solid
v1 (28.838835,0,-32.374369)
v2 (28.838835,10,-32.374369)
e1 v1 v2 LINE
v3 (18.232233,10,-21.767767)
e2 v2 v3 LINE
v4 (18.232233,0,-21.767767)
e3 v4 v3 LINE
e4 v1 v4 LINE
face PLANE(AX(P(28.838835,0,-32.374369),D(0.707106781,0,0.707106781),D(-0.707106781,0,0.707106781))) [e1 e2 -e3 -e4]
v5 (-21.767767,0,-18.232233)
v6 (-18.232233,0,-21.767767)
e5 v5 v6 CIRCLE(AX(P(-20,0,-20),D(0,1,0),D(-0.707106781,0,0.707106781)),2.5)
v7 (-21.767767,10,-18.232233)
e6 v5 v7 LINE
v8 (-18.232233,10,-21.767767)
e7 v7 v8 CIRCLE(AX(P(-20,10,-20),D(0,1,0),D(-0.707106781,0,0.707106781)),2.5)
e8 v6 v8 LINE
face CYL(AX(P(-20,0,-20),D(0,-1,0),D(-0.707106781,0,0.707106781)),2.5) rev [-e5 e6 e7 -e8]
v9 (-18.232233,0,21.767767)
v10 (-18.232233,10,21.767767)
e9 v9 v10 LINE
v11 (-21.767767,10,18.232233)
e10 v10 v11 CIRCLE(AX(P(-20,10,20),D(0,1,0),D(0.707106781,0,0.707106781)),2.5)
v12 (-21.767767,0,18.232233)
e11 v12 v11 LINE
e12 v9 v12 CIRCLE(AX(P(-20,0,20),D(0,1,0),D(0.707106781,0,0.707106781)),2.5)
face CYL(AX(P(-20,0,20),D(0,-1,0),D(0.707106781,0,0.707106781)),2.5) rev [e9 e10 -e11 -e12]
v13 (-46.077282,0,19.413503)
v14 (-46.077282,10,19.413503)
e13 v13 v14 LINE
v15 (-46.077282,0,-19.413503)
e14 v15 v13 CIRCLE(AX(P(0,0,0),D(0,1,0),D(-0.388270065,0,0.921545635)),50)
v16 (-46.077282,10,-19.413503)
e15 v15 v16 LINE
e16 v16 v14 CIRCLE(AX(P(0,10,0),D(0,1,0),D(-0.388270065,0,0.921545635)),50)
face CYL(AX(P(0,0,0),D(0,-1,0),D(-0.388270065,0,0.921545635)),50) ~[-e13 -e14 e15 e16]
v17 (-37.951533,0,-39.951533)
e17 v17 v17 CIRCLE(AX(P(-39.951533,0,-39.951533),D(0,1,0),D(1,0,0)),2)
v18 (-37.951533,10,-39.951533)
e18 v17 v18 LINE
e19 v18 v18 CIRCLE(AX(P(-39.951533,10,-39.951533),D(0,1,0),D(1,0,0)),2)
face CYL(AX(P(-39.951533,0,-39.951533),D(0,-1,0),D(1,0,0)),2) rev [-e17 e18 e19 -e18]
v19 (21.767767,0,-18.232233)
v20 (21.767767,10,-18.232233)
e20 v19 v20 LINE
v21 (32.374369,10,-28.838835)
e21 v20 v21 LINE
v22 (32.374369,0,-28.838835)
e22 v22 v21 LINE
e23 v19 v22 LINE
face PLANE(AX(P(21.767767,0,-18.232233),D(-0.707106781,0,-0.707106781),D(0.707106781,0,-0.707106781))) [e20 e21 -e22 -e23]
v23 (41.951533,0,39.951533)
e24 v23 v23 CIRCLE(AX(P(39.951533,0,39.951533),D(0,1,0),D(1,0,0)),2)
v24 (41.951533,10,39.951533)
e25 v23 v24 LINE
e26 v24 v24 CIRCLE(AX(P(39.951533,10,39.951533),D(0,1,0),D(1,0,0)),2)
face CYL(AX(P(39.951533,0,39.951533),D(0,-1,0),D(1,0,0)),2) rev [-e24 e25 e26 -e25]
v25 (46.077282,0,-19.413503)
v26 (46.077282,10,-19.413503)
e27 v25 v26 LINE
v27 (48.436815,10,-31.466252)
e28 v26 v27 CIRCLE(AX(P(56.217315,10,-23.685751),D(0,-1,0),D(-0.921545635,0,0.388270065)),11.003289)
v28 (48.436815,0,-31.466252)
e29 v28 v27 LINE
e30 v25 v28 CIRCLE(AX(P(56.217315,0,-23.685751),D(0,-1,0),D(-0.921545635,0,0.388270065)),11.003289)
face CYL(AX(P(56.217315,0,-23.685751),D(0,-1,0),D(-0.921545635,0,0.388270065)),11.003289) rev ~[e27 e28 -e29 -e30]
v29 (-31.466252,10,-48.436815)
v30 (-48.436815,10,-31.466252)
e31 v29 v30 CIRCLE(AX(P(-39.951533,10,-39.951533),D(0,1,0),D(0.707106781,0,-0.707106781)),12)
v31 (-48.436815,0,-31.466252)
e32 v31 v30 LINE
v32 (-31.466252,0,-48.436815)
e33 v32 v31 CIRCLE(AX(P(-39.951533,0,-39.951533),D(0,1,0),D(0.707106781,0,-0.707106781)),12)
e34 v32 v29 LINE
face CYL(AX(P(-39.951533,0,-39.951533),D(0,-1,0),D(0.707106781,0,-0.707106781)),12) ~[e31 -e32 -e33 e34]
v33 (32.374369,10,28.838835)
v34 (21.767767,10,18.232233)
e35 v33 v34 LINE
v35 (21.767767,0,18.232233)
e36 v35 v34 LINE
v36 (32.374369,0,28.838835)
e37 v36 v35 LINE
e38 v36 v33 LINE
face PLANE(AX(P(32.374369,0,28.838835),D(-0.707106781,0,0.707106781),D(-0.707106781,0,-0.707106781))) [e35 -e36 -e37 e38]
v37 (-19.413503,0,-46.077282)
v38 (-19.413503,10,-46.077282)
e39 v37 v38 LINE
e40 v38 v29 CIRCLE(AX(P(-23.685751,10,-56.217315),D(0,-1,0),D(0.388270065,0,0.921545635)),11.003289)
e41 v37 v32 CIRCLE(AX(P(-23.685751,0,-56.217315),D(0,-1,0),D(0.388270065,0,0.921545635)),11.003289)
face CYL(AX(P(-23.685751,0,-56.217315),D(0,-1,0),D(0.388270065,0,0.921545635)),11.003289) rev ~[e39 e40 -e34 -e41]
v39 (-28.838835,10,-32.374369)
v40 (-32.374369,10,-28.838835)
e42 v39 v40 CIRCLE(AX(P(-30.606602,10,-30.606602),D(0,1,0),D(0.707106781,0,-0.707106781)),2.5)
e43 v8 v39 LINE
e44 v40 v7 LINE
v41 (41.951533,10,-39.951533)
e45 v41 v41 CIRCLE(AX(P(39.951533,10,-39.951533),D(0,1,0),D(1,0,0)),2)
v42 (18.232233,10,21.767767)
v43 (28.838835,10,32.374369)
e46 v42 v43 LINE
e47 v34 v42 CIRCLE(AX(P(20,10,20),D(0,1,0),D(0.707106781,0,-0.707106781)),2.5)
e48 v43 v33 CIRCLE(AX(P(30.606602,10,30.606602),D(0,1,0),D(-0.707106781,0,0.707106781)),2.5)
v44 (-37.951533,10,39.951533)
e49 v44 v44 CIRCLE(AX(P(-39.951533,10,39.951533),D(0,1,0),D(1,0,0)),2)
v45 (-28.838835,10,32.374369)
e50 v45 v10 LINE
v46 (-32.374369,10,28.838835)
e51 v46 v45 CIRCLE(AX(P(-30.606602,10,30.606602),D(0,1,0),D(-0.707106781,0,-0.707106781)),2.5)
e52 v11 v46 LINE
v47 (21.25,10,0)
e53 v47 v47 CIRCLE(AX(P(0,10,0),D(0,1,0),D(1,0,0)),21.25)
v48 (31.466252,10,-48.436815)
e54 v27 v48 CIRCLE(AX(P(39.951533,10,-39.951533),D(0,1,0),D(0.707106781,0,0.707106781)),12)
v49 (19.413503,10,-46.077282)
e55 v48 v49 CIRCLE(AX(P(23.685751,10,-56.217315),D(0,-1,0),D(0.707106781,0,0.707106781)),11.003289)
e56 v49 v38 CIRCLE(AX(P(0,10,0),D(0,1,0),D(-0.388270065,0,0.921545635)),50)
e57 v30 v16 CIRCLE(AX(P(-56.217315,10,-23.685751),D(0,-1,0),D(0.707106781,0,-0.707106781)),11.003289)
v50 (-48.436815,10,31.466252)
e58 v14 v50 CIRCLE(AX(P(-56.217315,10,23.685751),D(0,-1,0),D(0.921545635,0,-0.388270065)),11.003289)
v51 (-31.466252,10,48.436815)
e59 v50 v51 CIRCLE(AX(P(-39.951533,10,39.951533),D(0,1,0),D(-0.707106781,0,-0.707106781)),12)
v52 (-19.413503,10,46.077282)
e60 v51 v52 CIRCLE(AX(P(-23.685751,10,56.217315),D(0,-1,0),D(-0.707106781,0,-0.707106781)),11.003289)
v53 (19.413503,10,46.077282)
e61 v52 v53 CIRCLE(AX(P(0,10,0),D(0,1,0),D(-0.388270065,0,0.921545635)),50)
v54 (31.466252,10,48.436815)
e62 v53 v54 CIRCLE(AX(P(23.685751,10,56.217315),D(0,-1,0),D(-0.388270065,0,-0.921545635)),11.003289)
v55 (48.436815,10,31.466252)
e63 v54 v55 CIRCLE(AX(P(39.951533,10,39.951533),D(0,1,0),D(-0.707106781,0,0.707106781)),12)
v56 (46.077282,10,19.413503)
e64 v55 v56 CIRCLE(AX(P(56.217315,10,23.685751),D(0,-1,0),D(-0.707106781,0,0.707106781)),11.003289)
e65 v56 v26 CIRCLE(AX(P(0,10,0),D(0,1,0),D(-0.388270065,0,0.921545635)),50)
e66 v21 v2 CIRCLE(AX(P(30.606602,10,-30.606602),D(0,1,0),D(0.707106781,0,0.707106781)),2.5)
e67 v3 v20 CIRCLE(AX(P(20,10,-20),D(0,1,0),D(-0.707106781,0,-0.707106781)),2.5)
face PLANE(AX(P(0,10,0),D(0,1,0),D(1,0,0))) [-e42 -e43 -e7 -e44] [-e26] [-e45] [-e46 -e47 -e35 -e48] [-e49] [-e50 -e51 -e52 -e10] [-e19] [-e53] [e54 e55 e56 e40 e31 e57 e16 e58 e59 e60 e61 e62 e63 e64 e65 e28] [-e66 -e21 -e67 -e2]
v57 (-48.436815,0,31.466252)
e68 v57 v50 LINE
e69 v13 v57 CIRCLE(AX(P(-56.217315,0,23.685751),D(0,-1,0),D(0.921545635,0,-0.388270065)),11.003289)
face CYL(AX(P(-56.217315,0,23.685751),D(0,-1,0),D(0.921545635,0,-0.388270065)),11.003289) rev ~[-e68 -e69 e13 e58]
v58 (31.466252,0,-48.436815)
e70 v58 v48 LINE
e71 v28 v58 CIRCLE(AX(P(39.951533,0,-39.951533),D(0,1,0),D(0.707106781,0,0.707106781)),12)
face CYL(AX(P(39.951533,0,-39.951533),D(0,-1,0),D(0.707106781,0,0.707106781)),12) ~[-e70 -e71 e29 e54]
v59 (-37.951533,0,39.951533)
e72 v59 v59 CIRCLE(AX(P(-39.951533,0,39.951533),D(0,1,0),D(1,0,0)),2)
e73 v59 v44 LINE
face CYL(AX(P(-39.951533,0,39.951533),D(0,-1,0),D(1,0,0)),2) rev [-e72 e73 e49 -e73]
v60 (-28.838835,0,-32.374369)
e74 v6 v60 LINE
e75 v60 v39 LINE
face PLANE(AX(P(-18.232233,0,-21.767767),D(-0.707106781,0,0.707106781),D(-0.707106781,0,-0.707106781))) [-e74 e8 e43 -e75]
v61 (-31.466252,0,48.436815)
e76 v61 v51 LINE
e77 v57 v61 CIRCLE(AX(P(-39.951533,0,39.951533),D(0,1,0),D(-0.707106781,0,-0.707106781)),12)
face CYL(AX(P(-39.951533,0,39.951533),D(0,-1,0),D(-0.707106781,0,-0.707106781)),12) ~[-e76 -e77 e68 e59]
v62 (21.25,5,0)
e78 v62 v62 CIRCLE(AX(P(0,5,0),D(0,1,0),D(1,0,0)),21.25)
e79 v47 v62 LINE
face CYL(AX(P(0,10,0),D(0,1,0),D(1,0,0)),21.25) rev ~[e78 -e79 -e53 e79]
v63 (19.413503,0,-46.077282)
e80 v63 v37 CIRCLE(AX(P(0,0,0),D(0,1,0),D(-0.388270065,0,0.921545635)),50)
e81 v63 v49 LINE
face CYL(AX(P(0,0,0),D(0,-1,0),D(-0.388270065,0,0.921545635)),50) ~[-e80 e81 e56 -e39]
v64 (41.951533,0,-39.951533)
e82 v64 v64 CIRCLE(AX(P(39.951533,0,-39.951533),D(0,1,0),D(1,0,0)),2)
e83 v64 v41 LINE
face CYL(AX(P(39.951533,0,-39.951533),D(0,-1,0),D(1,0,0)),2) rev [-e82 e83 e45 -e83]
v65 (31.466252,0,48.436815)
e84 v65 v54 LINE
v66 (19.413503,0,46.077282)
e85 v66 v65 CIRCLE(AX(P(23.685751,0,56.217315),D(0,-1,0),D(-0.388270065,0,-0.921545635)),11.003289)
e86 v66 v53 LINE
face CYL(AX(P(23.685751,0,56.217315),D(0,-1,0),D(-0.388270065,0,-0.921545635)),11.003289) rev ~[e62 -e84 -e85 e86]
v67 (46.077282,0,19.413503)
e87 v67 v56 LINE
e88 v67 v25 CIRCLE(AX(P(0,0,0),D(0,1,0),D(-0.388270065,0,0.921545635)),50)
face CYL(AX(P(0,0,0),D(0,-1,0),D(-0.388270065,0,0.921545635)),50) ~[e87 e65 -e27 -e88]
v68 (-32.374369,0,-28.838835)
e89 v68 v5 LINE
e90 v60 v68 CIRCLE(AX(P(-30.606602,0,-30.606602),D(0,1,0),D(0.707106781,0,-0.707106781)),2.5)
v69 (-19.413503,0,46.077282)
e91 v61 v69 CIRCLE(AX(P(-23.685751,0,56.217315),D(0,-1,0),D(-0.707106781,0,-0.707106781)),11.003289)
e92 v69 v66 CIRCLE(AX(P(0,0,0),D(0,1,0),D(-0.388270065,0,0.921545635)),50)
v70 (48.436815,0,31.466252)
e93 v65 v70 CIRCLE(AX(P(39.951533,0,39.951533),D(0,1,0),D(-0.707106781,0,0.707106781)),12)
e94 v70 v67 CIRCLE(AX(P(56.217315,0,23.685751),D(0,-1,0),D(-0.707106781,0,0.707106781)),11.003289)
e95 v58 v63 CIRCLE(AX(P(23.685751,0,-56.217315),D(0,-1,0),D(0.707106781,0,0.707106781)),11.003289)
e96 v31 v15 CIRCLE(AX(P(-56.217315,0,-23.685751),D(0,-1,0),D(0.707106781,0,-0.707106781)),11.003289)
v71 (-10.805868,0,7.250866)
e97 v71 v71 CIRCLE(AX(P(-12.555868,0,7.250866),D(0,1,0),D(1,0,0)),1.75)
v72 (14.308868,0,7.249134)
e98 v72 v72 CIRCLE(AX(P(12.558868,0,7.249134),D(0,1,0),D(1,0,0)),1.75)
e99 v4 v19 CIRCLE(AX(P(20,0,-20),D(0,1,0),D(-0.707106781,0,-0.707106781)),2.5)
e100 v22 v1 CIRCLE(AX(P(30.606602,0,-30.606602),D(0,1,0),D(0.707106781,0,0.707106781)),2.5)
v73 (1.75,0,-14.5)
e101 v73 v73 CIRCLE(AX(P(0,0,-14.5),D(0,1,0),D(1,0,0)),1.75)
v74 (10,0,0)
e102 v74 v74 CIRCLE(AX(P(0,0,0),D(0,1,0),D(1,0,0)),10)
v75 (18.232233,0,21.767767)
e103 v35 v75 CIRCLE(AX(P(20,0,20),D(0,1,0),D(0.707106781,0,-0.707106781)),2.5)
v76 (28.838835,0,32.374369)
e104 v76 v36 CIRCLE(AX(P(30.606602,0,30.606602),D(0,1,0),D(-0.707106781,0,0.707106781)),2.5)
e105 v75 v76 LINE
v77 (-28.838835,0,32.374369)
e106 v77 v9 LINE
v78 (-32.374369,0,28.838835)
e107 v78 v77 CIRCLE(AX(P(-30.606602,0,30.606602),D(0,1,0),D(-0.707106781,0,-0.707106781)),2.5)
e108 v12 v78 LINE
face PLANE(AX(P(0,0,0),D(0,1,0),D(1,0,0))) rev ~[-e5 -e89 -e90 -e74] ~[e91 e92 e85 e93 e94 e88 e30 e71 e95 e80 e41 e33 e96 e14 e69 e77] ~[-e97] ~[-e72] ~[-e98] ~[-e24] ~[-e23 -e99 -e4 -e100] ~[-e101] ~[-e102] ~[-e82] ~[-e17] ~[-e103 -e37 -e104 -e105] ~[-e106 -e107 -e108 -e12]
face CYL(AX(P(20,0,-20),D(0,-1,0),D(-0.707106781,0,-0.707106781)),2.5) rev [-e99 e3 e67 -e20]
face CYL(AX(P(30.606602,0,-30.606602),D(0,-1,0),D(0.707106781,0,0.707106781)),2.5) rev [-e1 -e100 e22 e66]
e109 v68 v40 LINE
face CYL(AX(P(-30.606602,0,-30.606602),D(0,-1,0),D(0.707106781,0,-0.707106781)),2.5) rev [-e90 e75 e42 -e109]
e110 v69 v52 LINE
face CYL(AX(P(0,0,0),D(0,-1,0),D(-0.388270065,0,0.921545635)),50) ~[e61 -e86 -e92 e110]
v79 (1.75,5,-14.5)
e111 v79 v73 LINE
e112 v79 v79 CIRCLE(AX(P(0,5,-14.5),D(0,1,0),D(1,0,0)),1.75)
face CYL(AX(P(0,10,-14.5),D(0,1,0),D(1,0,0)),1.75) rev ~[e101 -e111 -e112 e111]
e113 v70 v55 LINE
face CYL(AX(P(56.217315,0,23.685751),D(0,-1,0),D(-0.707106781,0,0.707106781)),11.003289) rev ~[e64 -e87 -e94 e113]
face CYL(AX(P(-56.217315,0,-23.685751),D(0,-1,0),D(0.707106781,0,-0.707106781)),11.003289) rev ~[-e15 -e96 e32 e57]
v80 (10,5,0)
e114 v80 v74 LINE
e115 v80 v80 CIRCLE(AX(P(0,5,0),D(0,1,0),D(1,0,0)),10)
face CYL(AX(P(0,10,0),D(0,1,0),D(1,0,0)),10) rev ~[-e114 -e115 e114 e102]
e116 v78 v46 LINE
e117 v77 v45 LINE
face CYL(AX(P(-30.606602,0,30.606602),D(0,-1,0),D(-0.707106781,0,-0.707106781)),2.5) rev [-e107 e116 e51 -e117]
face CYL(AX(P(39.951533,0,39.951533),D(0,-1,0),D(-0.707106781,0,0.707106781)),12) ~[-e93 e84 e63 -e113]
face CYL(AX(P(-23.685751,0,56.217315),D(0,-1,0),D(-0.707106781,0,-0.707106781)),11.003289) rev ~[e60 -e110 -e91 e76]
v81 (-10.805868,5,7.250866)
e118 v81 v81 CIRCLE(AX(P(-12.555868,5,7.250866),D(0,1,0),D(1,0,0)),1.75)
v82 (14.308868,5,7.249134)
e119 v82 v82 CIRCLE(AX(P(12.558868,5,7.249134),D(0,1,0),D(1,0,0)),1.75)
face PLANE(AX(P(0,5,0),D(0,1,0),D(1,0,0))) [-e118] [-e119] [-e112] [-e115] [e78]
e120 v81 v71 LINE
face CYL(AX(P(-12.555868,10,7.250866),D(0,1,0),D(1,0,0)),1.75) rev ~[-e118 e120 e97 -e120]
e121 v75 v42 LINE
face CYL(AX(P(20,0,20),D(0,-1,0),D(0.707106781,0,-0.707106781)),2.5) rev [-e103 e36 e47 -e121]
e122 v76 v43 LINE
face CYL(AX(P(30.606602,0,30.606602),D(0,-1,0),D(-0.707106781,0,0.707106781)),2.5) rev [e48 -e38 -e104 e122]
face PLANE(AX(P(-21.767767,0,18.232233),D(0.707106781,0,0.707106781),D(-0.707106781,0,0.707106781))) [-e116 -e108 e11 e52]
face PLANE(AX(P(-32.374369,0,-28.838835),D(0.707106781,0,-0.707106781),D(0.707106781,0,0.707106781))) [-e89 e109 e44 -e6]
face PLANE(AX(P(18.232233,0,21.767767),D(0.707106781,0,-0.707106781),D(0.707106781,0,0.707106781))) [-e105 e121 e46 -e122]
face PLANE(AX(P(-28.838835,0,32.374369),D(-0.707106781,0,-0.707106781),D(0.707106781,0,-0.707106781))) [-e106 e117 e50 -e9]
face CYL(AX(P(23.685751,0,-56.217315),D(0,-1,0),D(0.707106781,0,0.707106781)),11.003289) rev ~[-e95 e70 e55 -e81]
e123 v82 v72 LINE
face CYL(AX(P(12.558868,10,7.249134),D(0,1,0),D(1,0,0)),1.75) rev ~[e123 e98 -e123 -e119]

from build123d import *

# Parameters (mm, degrees)
SZKIC1_R                    = 50
SZKIC1_R_2                  = 2
DODANIE_WYCI_GNI_CIE1_DEPTH = 10
SZKIC3_R                    = 21.25
WYTNIJ_WYCI_GNI_CIE4_DEPTH  = 5
SZKIC3_5_R                  = 1.75
SZKIC3_5_R_2                = 10
WYTNIJ_WYCI_GNI_CIE5_DEPTH  = 11


with BuildPart() as part:
    # Szkic1 → Dodanie-wyci_gni_cie1 (new body)
    with BuildSketch(Plane(origin=(0, 0, 0), x_dir=(1, 0, 0), z_dir=(0, 1, 0))):
        Circle(SZKIC1_R)
        with BuildLine():
            ThreePointArc((-28.838834765, 32.374368671), (-32.374368671, 32.374368671), (-32.374368671, 28.838834765))
            Line((-32.374368671, 28.838834765), (-21.767766953, 18.232233047))
            ThreePointArc((-21.767766953, 18.232233047), (-18.232233047, 18.232233047), (-18.232233047, 21.767766953))
            Line((-18.232233047, 21.767766953), (-28.838834765, 32.374368671))
        make_face(mode=Mode.SUBTRACT)
        with BuildLine():
            ThreePointArc((-32.374368671, -28.838834765), (-32.374368671, -32.374368671), (-28.838834765, -32.374368671))
            Line((-28.838834765, -32.374368671), (-18.232233047, -21.767766953))
            ThreePointArc((-18.232233047, -21.767766953), (-18.232233047, -18.232233047), (-21.767766953, -18.232233047))
            Line((-21.767766953, -18.232233047), (-32.374368671, -28.838834765))
        make_face(mode=Mode.SUBTRACT)
        with BuildLine():
            ThreePointArc((28.838834765, -32.374368671), (32.374368671, -32.374368671), (32.374368671, -28.838834765))
            Line((32.374368671, -28.838834765), (21.767766953, -18.232233047))
            ThreePointArc((21.767766953, -18.232233047), (18.232233047, -18.232233047), (18.232233047, -21.767766953))
            Line((18.232233047, -21.767766953), (28.838834765, -32.374368671))
        make_face(mode=Mode.SUBTRACT)
        with BuildLine():
            ThreePointArc((32.374368671, 28.838834765), (32.374368671, 32.374368671), (28.838834765, 32.374368671))
            Line((28.838834765, 32.374368671), (18.232233047, 21.767766953))
            ThreePointArc((18.232233047, 21.767766953), (18.232233047, 18.232233047), (21.767766953, 18.232233047))
            Line((21.767766953, 18.232233047), (32.374368671, 28.838834765))
        make_face(mode=Mode.SUBTRACT)
        with BuildLine():
            ThreePointArc((-31.466251763, -48.436814511), (-25.799706685, -45.41900176), (-19.413503243, -46.077281732))
            ThreePointArc((-19.413503243, -46.077281732), (-35.355339059, -35.355339059), (-46.077281732, -19.413503243))
            ThreePointArc((-46.077281732, -19.413503243), (-45.41900176, -25.799706685), (-48.436814511, -31.466251763))
            ThreePointArc((-48.436814511, -31.466251763), (-48.436814511, -48.436814511), (-31.466251763, -48.436814511))
        make_face()
        with Locations((-39.951533137, -39.951533137)):
            Circle(SZKIC1_R_2, mode=Mode.SUBTRACT)
        with BuildLine():
            ThreePointArc((-46.077281732, 19.413503243), (-35.355339059, 35.355339059), (-19.413503243, 46.077281732))
            ThreePointArc((-19.413503243, 46.077281732), (-25.799706685, 45.41900176), (-31.466251763, 48.436814511))
            ThreePointArc((-31.466251763, 48.436814511), (-48.436814511, 48.436814511), (-48.436814511, 31.466251763))
            ThreePointArc((-48.436814511, 31.466251763), (-45.41900176, 25.799706685), (-46.077281732, 19.413503243))
        make_face()
        with Locations((-39.951533137, 39.951533137)):
            Circle(SZKIC1_R_2, mode=Mode.SUBTRACT)
        with BuildLine():
            ThreePointArc((19.413503243, 46.077281732), (35.355339059, 35.355339059), (46.077281732, 19.413503243))
            ThreePointArc((46.077281732, 19.413503243), (45.41900176, 25.799706685), (48.436814511, 31.466251763))
            ThreePointArc((48.436814511, 31.466251763), (48.436814511, 48.436814511), (31.466251763, 48.436814511))
            ThreePointArc((31.466251763, 48.436814511), (25.799706685, 45.41900176), (19.413503243, 46.077281732))
        make_face()
        with Locations((39.951533137, 39.951533137)):
            Circle(SZKIC1_R_2, mode=Mode.SUBTRACT)
        with BuildLine():
            ThreePointArc((48.436814511, -31.466251763), (45.41900176, -25.799706685), (46.077281732, -19.413503243))
            ThreePointArc((46.077281732, -19.413503243), (35.355339059, -35.355339059), (19.413503243, -46.077281732))
            ThreePointArc((19.413503243, -46.077281732), (25.799706685, -45.41900176), (31.466251763, -48.436814511))
            ThreePointArc((31.466251763, -48.436814511), (48.436814511, -48.436814511), (48.436814511, -31.466251763))
        make_face()
        with Locations((39.951533137, -39.951533137)):
            Circle(SZKIC1_R_2, mode=Mode.SUBTRACT)
    extrude(amount=DODANIE_WYCI_GNI_CIE1_DEPTH)

    # Szkic3 → Wytnij-wyci_gni_cie4 (cut)
    with BuildSketch(Plane(origin=(0, 10, 0), x_dir=(1, 0, 0), z_dir=(0, 1, 0))):
        Circle(SZKIC3_R)
    extrude(amount=-WYTNIJ_WYCI_GNI_CIE4_DEPTH, mode=Mode.SUBTRACT)

    # Szkic3_5 → Wytnij-wyci_gni_cie5 (cut, through all)
    with BuildSketch(Plane(origin=(0, 10, 0), x_dir=(1, 0, 0), z_dir=(0, 1, 0))):
        with Locations((0, 14.5)):
            Circle(SZKIC3_5_R)
        with Locations((12.558868355, -7.249133975)):
            Circle(SZKIC3_5_R)
        with Locations((-12.555868355, -7.250866025)):
            Circle(SZKIC3_5_R)
        Circle(SZKIC3_5_R_2)
    extrude(amount=-WYTNIJ_WYCI_GNI_CIE5_DEPTH, mode=Mode.SUBTRACT)


solid = part.part
